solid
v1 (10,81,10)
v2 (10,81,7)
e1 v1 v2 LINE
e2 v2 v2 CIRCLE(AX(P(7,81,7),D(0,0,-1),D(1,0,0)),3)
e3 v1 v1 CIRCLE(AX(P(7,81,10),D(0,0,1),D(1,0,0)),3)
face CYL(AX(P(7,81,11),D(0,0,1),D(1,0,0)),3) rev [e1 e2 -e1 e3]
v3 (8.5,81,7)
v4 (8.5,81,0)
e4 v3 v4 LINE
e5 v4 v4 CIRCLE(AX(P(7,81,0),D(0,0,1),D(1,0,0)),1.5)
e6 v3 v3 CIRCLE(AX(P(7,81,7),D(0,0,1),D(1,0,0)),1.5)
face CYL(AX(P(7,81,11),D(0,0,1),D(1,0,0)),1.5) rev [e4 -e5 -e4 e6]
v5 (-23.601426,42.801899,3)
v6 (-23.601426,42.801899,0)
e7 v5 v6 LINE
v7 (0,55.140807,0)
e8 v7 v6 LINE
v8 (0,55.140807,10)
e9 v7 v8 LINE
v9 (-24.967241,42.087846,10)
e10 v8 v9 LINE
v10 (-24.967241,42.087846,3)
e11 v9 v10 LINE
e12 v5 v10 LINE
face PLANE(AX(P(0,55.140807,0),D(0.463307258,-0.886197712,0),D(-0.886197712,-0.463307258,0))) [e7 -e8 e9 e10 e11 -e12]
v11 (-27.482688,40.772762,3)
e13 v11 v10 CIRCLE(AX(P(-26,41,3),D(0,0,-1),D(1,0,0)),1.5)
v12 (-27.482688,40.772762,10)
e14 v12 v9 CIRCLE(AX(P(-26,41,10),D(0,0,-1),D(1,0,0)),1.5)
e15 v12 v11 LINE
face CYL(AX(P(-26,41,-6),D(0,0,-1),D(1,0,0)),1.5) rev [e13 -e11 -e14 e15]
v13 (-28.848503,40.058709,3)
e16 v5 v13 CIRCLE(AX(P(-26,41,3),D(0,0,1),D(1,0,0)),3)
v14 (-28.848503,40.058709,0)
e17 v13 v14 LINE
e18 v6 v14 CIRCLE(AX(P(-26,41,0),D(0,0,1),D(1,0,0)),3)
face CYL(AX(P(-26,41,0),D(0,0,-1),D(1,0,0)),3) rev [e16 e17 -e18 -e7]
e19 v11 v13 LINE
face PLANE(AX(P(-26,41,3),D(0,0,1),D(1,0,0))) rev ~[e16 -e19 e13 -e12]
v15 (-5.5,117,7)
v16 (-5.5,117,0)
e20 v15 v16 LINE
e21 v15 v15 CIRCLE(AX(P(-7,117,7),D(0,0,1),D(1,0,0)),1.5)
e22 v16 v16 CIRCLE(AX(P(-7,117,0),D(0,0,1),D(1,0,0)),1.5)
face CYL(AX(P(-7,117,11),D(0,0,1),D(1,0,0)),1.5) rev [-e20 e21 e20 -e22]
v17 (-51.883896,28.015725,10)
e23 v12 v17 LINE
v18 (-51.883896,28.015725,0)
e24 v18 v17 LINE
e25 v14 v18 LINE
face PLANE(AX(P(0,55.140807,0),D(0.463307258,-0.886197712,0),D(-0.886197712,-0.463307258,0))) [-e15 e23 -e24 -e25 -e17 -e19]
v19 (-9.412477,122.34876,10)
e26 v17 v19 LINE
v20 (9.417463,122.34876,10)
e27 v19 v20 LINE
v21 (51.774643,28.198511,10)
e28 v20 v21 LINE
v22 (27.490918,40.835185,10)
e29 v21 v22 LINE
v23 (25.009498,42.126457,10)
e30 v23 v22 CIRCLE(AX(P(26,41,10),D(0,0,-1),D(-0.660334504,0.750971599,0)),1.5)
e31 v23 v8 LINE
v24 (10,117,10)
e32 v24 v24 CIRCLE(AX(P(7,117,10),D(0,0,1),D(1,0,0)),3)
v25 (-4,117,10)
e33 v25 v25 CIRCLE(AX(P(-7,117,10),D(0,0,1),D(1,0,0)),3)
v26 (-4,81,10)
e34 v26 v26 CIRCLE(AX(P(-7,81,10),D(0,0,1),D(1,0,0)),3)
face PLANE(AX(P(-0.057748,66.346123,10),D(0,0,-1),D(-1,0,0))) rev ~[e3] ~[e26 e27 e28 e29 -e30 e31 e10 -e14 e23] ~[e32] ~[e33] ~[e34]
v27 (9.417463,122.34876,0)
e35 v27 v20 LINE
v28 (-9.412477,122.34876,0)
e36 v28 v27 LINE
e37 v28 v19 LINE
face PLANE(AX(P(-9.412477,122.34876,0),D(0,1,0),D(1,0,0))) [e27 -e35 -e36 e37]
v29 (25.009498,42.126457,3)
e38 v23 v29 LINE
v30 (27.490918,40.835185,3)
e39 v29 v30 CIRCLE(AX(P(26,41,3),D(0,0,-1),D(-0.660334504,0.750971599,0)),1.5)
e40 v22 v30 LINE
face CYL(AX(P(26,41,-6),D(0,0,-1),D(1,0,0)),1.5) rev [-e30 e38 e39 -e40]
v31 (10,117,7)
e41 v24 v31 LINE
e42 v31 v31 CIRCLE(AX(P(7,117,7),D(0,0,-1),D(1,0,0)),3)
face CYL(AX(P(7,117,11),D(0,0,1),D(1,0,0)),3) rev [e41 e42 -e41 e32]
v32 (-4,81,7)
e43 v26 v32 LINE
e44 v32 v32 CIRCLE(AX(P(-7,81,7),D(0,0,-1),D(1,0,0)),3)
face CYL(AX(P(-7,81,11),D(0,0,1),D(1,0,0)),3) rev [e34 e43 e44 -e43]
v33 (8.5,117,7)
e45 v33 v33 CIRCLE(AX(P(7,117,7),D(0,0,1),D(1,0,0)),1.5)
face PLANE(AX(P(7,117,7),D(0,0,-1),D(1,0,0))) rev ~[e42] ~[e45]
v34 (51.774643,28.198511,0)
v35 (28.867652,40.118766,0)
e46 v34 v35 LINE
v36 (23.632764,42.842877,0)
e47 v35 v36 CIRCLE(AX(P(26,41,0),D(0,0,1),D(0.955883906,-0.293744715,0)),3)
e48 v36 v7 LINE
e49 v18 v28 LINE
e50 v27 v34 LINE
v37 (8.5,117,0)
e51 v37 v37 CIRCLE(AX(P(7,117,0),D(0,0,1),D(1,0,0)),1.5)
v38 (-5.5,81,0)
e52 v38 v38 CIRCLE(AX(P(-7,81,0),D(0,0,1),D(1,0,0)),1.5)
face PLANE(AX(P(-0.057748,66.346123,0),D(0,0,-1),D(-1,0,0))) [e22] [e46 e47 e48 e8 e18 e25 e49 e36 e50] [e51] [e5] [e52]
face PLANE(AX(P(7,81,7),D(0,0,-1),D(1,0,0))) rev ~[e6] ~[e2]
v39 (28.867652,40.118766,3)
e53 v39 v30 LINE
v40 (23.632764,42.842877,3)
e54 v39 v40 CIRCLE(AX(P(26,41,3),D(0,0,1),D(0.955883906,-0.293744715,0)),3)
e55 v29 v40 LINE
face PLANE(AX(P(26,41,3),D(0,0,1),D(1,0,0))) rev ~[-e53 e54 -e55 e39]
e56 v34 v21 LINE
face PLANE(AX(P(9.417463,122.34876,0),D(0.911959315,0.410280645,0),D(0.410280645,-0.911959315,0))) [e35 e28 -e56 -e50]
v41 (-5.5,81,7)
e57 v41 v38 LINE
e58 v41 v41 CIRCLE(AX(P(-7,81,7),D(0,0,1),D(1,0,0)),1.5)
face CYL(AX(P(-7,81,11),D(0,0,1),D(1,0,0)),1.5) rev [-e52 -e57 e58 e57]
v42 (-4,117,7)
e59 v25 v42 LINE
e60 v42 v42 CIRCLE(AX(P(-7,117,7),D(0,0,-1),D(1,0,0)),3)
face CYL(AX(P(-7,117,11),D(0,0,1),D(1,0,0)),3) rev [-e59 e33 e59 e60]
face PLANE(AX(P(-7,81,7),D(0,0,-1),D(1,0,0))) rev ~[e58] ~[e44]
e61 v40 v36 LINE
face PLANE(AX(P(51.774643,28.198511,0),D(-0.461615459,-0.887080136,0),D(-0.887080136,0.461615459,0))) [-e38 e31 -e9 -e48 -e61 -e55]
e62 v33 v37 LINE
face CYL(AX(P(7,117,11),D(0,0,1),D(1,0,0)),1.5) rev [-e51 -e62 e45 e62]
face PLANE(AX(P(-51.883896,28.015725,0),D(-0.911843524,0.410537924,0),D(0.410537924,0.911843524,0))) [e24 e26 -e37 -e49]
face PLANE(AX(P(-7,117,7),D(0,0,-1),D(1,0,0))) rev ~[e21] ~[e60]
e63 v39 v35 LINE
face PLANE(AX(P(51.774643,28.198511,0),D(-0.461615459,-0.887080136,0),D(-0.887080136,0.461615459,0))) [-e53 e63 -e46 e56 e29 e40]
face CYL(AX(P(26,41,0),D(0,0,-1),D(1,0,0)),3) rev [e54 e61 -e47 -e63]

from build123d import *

# Parameters (mm, degrees)
CYLINDER1267_R              = 1.5
CYLINDER1267_DEPTH          = 32
CYLINDER1266_R              = 1.5
CYLINDER1266_DEPTH          = 32
CYLINDER1265_R              = 1.5
CYLINDER1265_DEPTH          = 100
CYLINDER1264_R              = 1.5
CYLINDER1264_DEPTH          = 100
CYLINDER1259_R              = 3
CYLINDER1259_DEPTH          = 3
CYLINDER1258_R              = 3
CYLINDER1258_DEPTH          = 3
CYLINDER581_R               = 3
CYLINDER581_DEPTH           = 4
CYLINDER582_R               = 3
CYLINDER582_DEPTH           = 4
CYLINDER580_R               = 3
CYLINDER580_DEPTH           = 4
CYLINDER575_R               = 3
CYLINDER575_DEPTH           = 4
COMPOUND338_PLACEMENT_ANGLE = 90
CYLINDER576_R               = 1.5
CYLINDER576_DEPTH           = 20
CYLINDER578_R               = 1.5
CYLINDER578_DEPTH           = 20
CYLINDER579_R               = 1.5
CYLINDER579_DEPTH           = 20
CYLINDER577_R               = 1.5
CYLINDER577_DEPTH           = 20
COMPOUND337_PLACEMENT_ANGLE = 90
PAD001_DEPTH                = 10


with BuildPart() as v_lec1267:
    # Cylinder1267 → Cylinder1267 (new body)
    with BuildSketch(Plane(origin=(78, 41, -42), x_dir=(1, 0, 0), z_dir=(0, 0, 1))):
        Circle(CYLINDER1267_R)
    extrude(amount=CYLINDER1267_DEPTH)


with BuildPart() as compound649:
    # Cylinder1266 → Cylinder1266 (new body)
    with BuildSketch(Plane(origin=(26, 41, -42), x_dir=(1, 0, 0), z_dir=(0, 0, 1))):
        Circle(CYLINDER1266_R)
    extrude(amount=CYLINDER1266_DEPTH)

    # Compound649: union Válec1267
    add(v_lec1267.part)


with BuildPart() as compound649_1:
    # Compound649 placement: moved
    add(compound649.part.moved(Location((-52, 0, 36))))


with BuildPart() as v_lec1265:
    # Cylinder1265 → Cylinder1265 (new body)
    with BuildSketch(Plane(origin=(14, 0, -60), x_dir=(1, 0, 0), z_dir=(0, 0, 1))):
        Circle(CYLINDER1265_R)
    extrude(amount=CYLINDER1265_DEPTH)


with BuildPart() as compound647:
    # Cylinder1264 → Cylinder1264 (new body)
    with BuildSketch(Plane(origin=(90, 0, -60), x_dir=(1, 0, 0), z_dir=(0, 0, 1))):
        Circle(CYLINDER1264_R)
    extrude(amount=CYLINDER1264_DEPTH)

    # Compound648: union Válec1265
    add(v_lec1265.part)


with BuildPart() as compound647_1:
    # Compound648 placement: moved
    add(compound647.part.moved(Location((-52, 0, 0))))

    # Compound647: union Compound649
    add(compound649_1.part)


with BuildPart() as v_lec1259:
    # Cylinder1259 → Cylinder1259 (new body)
    with BuildSketch(Plane(origin=(78, 41, -42), x_dir=(1, 0, 0), z_dir=(0, 0, 1))):
        Circle(CYLINDER1259_R)
    extrude(amount=CYLINDER1259_DEPTH)


with BuildPart() as compound642:
    # Cylinder1258 → Cylinder1258 (new body)
    with BuildSketch(Plane(origin=(26, 41, -42), x_dir=(1, 0, 0), z_dir=(0, 0, 1))):
        Circle(CYLINDER1258_R)
    extrude(amount=CYLINDER1258_DEPTH)

    # Compound642: union Válec1259
    add(v_lec1259.part)


with BuildPart() as compound642_1:
    # Compound642 placement: moved
    add(compound642.part.moved(Location((-52, 0, 42))))


with BuildPart() as v_lec581:
    # Cylinder581 → Cylinder581 (new body)
    with BuildSketch(Plane(origin=(-7, -34, 37), x_dir=(1, 0, 0), z_dir=(0, -1, 0))):
        Circle(CYLINDER581_R)
    extrude(amount=CYLINDER581_DEPTH)


with BuildPart() as v_lec582:
    # Cylinder582 → Cylinder582 (new body)
    with BuildSketch(Plane(origin=(7, -34, 73), x_dir=(1, 0, 0), z_dir=(0, -1, 0))):
        Circle(CYLINDER582_R)
    extrude(amount=CYLINDER582_DEPTH)


with BuildPart() as v_lec580:
    # Cylinder580 → Cylinder580 (new body)
    with BuildSketch(Plane(origin=(-7, -34, 73), x_dir=(1, 0, 0), z_dir=(0, -1, 0))):
        Circle(CYLINDER580_R)
    extrude(amount=CYLINDER580_DEPTH)


with BuildPart() as compound338:
    # Cylinder575 → Cylinder575 (new body)
    with BuildSketch(Plane(origin=(7, -34, 37), x_dir=(1, 0, 0), z_dir=(0, -1, 0))):
        Circle(CYLINDER575_R)
    extrude(amount=CYLINDER575_DEPTH)

    # Compound338: union Válec581, Válec582, Válec580
    add(v_lec581.part)
    add(v_lec582.part)
    add(v_lec580.part)


with BuildPart() as compound338_1:
    # Compound338 placement: moved
    add(compound338.part.moved(Location((0, 154, 45))).rotate(Axis((0, 154, 45), (1, 0, 0)), COMPOUND338_PLACEMENT_ANGLE))


with BuildPart() as v_lec576:
    # Cylinder576 → Cylinder576 (new body)
    with BuildSketch(Plane(origin=(-7, -34, 37), x_dir=(1, 0, 0), z_dir=(0, -1, 0))):
        Circle(CYLINDER576_R)
    extrude(amount=CYLINDER576_DEPTH)


with BuildPart() as v_lec578:
    # Cylinder578 → Cylinder578 (new body)
    with BuildSketch(Plane(origin=(7, -34, 73), x_dir=(1, 0, 0), z_dir=(0, -1, 0))):
        Circle(CYLINDER578_R)
    extrude(amount=CYLINDER578_DEPTH)


with BuildPart() as v_lec579:
    # Cylinder579 → Cylinder579 (new body)
    with BuildSketch(Plane(origin=(-7, -34, 73), x_dir=(1, 0, 0), z_dir=(0, -1, 0))):
        Circle(CYLINDER579_R)
    extrude(amount=CYLINDER579_DEPTH)


with BuildPart() as compound337:
    # Cylinder577 → Cylinder577 (new body)
    with BuildSketch(Plane(origin=(7, -34, 37), x_dir=(1, 0, 0), z_dir=(0, -1, 0))):
        Circle(CYLINDER577_R)
    extrude(amount=CYLINDER577_DEPTH)

    # Compound337: union Válec576, Válec578, Válec579
    add(v_lec576.part)
    add(v_lec578.part)
    add(v_lec579.part)


with BuildPart() as compound337_1:
    # Compound337 placement: moved
    add(compound337.part.moved(Location((0, 154, 45))).rotate(Axis((0, 154, 45), (1, 0, 0)), COMPOUND337_PLACEMENT_ANGLE))


with BuildPart() as cut204:
    # Sketch001 → Pad001 (new body)
    with BuildSketch(Plane.XY):
        Polygon((-51.883896, 28.015725), (-9.412477, 122.34876), (9.417463, 122.34876), (51.774643, 28.198511), (0, 55.140807), align=None)
    extrude(amount=PAD001_DEPTH)

    # Cut192: cut Compound337
    add(compound337_1.part, mode=Mode.SUBTRACT)

    # Cut193: cut Compound338
    add(compound338_1.part, mode=Mode.SUBTRACT)

    # Cut197: cut Compound642
    add(compound642_1.part, mode=Mode.SUBTRACT)

    # Cut204: cut Compound647
    add(compound647_1.part, mode=Mode.SUBTRACT)


solid = cut204.part
